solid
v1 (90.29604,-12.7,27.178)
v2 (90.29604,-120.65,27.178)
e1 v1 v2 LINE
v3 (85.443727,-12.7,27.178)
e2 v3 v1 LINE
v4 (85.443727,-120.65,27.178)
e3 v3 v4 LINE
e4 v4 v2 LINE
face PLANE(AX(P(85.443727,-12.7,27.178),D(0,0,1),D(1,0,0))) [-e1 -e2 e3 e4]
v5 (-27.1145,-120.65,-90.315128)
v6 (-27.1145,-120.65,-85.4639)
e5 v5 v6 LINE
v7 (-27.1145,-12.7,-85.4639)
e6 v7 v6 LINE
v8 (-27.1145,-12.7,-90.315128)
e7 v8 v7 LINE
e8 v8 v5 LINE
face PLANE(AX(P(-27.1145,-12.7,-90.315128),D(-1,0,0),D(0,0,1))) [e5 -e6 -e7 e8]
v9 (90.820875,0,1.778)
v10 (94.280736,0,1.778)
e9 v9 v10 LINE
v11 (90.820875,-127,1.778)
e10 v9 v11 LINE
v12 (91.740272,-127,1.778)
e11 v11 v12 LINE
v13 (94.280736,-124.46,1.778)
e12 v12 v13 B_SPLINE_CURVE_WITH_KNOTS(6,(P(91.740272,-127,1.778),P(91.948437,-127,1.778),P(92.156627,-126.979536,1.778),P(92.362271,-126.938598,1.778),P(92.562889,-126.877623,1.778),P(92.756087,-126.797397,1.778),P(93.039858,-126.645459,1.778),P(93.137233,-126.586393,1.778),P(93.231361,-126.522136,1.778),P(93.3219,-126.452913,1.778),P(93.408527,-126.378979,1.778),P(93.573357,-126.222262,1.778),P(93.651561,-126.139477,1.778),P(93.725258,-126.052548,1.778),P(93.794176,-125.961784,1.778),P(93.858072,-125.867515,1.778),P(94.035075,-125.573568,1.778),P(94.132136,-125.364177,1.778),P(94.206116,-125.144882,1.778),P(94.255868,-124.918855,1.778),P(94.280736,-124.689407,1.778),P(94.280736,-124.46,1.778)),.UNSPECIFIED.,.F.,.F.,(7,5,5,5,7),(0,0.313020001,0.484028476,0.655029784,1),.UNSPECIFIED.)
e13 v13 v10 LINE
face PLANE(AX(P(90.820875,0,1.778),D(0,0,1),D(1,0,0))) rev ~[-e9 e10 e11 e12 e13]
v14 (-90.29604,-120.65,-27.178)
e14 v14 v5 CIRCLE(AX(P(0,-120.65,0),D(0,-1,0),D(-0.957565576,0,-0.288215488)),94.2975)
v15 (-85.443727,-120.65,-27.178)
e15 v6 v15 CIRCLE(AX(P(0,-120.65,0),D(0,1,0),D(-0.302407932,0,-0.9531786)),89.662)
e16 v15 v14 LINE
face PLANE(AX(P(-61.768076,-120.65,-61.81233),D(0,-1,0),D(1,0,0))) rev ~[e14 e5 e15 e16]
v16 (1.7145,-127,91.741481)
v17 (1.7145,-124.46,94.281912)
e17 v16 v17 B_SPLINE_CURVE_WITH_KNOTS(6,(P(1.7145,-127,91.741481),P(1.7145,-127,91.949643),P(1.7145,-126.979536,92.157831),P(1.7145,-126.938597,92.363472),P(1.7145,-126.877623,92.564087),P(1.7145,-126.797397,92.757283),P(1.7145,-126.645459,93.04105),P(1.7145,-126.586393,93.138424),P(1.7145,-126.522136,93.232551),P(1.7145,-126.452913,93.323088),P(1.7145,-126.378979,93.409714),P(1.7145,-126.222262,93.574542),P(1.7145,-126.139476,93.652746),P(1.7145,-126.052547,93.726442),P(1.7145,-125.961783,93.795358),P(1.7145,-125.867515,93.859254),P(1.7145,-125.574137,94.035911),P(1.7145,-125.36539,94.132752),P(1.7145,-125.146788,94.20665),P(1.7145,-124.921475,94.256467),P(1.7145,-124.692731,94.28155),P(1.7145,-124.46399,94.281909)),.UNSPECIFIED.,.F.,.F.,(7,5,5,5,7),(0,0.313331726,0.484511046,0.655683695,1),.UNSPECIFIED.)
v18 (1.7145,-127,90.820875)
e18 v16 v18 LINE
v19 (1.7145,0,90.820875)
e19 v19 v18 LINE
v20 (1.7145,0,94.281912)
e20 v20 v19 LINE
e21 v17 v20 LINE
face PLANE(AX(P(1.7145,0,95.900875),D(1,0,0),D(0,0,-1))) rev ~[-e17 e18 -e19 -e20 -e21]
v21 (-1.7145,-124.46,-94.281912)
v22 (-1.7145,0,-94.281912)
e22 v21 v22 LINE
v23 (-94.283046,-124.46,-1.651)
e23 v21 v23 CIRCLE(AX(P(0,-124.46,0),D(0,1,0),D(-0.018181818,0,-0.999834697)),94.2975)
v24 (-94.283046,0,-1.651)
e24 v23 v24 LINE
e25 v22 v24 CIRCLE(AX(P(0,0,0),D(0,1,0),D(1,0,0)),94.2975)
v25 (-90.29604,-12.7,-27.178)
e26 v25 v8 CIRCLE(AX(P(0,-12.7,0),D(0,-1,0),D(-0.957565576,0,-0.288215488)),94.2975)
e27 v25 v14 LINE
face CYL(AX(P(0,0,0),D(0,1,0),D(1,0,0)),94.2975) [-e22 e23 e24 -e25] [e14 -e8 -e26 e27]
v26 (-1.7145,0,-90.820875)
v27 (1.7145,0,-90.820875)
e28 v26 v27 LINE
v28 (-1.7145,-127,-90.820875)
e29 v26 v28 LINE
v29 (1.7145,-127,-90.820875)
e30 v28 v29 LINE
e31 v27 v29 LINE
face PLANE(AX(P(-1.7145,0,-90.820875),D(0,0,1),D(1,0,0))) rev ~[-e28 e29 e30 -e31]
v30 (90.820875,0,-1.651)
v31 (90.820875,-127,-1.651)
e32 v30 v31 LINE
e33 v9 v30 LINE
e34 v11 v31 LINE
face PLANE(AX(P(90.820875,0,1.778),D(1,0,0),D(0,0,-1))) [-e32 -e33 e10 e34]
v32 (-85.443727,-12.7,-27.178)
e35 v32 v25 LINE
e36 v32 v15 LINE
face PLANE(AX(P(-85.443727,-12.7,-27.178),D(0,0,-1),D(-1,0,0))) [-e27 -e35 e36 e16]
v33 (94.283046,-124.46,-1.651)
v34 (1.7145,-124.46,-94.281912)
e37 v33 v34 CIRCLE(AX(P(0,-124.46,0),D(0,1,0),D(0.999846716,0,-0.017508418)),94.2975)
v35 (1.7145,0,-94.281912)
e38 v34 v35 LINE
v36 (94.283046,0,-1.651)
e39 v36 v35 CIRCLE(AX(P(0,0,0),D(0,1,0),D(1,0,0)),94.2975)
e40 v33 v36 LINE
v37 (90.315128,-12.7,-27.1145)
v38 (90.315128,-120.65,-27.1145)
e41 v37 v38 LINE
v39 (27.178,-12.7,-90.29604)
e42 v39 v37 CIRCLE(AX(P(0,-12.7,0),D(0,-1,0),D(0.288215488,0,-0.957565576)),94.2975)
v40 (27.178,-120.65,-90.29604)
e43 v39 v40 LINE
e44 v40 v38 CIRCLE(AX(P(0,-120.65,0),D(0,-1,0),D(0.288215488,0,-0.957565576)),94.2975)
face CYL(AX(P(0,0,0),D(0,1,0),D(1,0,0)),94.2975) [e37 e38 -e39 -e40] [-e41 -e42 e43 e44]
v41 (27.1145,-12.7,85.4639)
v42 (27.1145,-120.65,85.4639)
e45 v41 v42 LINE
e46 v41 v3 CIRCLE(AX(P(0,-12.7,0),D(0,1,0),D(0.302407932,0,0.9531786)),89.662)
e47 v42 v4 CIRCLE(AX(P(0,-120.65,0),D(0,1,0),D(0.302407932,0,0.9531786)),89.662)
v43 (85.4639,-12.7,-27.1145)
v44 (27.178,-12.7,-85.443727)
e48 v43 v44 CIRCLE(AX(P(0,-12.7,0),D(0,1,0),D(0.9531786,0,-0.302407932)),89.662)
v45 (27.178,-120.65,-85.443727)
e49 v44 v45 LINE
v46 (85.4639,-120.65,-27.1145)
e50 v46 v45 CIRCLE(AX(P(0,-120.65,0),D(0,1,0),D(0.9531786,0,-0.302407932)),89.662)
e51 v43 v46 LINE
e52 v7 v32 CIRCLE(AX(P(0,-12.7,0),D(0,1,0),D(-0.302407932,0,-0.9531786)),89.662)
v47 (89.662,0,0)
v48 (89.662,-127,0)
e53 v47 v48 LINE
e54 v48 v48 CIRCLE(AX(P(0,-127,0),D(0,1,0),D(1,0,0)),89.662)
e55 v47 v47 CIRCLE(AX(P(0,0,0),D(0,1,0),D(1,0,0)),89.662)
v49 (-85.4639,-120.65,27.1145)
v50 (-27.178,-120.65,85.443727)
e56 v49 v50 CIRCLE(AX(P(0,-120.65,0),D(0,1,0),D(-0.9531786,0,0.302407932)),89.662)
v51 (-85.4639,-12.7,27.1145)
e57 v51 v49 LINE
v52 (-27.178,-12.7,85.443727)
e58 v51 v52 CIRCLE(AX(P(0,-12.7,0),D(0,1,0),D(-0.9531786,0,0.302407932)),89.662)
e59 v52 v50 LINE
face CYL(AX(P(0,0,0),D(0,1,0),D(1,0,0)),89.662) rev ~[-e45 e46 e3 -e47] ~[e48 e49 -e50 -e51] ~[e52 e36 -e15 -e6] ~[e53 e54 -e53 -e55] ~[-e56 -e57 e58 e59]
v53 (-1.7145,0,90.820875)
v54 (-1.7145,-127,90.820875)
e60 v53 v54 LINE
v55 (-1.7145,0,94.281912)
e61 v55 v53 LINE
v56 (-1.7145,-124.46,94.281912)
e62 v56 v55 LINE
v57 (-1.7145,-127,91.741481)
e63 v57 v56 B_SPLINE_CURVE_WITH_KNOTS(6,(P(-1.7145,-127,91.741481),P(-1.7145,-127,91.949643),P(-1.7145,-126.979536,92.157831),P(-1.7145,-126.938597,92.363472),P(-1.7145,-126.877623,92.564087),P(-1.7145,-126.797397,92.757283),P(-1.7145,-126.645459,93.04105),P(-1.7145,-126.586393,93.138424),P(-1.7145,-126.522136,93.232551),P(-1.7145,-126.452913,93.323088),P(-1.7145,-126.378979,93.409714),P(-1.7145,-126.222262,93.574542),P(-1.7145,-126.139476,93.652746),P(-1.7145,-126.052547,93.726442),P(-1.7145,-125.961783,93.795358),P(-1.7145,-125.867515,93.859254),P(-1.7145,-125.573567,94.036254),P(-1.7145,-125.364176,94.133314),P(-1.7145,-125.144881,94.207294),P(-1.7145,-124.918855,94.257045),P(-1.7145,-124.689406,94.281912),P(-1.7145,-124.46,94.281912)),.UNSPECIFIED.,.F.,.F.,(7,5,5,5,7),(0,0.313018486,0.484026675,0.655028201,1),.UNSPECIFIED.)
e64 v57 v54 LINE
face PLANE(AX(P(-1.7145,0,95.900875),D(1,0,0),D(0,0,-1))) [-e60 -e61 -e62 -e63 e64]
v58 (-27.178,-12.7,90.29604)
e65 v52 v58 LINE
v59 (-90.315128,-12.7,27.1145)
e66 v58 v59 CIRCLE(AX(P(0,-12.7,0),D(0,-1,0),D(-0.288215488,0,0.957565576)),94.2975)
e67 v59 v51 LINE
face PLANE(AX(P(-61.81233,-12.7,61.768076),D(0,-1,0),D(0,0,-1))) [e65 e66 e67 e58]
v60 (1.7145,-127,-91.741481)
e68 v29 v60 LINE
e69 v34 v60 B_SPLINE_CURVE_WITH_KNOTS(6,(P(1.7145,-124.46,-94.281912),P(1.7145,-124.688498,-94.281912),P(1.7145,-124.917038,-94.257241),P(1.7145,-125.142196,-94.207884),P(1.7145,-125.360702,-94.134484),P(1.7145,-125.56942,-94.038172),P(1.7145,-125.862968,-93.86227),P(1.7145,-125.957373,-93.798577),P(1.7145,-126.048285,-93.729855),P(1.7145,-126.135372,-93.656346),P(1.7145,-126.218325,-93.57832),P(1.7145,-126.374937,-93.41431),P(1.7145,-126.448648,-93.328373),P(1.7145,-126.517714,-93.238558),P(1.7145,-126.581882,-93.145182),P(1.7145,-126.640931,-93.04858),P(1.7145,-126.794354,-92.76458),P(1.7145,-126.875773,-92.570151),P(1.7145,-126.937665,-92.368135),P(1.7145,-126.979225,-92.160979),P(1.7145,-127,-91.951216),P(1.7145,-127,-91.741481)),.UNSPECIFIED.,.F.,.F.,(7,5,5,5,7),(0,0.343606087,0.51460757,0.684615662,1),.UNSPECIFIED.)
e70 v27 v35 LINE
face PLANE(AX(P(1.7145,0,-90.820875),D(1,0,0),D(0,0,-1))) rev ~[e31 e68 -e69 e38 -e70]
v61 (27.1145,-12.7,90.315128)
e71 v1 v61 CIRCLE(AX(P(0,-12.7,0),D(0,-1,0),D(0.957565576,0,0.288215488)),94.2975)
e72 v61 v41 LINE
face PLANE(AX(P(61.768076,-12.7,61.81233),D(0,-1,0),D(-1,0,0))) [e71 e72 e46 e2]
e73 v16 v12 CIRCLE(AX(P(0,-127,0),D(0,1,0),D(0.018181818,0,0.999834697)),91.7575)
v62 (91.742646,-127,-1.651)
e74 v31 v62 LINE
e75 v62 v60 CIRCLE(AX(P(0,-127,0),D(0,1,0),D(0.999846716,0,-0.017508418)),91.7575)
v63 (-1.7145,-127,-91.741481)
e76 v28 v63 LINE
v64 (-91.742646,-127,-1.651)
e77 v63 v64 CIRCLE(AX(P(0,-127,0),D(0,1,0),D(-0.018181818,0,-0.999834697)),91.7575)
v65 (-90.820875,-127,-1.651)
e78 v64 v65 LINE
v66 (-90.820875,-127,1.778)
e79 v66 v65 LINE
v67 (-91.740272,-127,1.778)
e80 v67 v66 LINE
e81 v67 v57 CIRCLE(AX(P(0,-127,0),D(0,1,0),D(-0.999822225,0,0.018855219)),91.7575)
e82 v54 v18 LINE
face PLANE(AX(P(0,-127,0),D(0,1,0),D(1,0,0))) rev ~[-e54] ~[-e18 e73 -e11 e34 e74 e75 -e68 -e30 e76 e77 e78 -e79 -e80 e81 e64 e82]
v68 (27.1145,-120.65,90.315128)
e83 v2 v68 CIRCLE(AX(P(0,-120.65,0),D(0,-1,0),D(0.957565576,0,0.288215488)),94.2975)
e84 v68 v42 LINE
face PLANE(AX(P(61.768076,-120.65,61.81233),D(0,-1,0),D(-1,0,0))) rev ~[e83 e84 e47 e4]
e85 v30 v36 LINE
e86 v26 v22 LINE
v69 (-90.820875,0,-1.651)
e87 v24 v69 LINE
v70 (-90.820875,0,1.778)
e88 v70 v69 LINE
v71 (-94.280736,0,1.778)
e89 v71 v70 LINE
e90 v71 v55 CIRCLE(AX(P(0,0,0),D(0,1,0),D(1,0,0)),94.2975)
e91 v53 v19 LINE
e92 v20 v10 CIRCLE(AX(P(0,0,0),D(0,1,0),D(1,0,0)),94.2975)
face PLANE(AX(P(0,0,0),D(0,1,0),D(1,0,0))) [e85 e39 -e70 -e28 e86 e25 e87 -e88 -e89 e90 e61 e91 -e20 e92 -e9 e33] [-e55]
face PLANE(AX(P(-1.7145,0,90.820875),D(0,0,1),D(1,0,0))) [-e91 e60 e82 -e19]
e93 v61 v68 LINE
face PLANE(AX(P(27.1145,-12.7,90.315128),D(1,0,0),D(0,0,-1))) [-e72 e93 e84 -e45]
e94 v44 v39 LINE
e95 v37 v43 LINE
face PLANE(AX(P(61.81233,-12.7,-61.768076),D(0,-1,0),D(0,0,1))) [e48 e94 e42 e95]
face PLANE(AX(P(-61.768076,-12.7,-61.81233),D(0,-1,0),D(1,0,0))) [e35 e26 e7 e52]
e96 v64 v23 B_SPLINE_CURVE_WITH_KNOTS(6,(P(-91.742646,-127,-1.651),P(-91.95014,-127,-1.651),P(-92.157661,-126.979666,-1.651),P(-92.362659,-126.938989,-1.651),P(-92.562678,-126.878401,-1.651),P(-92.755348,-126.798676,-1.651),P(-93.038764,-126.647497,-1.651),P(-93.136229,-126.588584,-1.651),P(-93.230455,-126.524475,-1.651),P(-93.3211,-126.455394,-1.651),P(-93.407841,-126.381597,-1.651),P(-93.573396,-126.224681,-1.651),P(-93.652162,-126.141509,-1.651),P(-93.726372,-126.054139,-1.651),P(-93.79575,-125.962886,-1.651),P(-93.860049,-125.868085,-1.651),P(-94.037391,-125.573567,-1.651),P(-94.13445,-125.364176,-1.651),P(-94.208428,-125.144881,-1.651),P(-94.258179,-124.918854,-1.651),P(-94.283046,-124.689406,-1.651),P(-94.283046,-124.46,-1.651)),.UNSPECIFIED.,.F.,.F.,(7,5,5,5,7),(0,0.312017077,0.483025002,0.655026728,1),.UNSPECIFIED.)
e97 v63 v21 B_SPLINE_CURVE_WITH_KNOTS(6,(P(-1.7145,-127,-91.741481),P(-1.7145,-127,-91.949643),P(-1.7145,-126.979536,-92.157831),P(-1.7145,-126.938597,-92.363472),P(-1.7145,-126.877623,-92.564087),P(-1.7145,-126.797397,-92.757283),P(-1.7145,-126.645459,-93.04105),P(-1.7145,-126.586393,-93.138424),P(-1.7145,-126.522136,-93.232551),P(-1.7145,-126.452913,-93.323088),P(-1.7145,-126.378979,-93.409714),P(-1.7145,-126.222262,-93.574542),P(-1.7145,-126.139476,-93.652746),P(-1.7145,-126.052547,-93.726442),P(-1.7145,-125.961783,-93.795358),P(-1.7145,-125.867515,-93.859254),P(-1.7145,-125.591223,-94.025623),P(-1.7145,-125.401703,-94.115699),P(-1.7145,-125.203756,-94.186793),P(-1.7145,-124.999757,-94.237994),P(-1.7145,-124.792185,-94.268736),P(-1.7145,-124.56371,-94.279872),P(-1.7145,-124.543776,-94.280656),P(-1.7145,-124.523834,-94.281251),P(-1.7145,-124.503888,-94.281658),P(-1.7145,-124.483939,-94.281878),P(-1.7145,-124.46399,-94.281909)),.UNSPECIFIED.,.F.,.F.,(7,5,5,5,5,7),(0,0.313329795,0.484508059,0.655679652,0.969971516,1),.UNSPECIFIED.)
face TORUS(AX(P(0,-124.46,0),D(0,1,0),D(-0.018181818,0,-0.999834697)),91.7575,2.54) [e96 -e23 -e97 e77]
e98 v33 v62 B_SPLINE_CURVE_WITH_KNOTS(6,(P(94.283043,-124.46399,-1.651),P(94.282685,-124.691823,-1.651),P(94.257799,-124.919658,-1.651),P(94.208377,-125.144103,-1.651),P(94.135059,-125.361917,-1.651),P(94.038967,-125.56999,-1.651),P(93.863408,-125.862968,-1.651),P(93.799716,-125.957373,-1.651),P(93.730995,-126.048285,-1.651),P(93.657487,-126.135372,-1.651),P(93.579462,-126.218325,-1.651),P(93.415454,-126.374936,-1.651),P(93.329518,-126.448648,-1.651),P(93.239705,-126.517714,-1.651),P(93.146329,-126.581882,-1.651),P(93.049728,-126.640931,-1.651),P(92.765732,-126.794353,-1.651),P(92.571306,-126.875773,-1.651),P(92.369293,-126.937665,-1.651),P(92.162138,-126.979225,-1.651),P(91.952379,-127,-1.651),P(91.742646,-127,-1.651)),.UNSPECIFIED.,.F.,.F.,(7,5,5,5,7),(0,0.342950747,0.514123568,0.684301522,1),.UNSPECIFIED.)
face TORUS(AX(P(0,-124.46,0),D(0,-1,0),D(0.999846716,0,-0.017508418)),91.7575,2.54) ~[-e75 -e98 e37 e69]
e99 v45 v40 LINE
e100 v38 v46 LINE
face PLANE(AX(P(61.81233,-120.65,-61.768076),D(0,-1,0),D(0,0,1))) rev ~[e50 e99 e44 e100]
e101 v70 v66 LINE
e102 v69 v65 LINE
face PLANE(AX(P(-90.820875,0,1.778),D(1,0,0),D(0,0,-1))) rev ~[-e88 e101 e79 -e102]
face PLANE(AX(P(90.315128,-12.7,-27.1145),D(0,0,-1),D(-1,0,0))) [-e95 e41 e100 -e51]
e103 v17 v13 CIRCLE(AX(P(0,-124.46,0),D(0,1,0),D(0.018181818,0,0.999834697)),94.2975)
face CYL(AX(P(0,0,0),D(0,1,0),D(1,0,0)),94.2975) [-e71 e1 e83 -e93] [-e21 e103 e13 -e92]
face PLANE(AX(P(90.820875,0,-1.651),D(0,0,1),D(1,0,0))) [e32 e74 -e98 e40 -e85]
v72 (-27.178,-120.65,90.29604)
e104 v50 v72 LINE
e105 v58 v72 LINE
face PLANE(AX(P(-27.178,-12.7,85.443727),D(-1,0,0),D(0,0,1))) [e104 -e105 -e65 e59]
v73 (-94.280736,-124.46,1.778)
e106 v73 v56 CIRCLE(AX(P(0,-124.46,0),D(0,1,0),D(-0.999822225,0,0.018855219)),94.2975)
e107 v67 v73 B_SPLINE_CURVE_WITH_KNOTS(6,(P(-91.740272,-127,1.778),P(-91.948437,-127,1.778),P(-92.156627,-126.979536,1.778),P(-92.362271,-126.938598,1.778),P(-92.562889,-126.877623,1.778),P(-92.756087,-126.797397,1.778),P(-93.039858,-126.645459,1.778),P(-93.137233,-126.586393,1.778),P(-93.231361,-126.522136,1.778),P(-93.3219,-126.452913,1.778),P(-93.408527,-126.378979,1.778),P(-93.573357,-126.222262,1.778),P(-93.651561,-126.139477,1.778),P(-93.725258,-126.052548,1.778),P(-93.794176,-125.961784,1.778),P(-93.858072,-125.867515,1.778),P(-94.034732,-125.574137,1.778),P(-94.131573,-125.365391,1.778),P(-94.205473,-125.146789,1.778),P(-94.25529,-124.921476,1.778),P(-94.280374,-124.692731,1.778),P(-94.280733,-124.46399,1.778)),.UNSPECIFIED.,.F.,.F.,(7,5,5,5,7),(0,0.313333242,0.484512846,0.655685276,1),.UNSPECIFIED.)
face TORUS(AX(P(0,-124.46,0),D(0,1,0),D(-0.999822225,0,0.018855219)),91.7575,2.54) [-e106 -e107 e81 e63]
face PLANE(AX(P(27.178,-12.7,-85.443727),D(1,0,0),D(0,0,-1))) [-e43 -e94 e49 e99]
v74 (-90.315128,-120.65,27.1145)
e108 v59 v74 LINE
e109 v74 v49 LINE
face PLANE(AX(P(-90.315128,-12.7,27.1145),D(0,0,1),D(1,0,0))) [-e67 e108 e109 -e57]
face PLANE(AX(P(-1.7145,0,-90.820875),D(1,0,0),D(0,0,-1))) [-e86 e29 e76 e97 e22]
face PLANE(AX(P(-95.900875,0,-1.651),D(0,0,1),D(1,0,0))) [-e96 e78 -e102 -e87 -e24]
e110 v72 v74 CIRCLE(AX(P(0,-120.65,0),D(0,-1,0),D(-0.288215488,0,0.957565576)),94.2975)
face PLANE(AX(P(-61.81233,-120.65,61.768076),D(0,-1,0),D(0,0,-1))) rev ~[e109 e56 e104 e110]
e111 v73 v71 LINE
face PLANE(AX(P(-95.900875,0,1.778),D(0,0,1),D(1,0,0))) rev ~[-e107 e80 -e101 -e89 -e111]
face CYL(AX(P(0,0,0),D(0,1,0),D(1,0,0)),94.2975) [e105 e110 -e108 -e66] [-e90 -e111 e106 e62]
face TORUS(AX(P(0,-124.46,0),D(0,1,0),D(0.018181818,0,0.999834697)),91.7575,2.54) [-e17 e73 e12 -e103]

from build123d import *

# Parameters (mm, degrees)
SKETCH1_R           = 94.2975
SKETCH1_R_2         = 89.662
BOSS_EXTRUDE1_DEPTH = 127
SKETCH5_W           = 3.429
SKETCH5_H           = 5.08
SKETCH5_W_2         = 5.08
SKETCH5_H_2         = 3.429
CUT_EXTRUDE1_DEPTH  = 127
CUT_EXTRUDE2_START  = -12.7
CUT_EXTRUDE2_DEPTH  = 107.95
CIRPATTERN1_COUNT   = 4
FILLET1_R           = 2.54


with BuildPart() as part:
    # Sketch1 → Boss-Extrude1 (new body)
    with BuildSketch(Plane(origin=(0, 0, 0), x_dir=(1, 0, 0), z_dir=(0, 1, 0))):
        Circle(SKETCH1_R)
        Circle(SKETCH1_R_2, mode=Mode.SUBTRACT)
    extrude(amount=-BOSS_EXTRUDE1_DEPTH)

    # Sketch5 → Cut-Extrude1 (cut)
    with BuildSketch(Plane(origin=(0, 0, 0), x_dir=(1, 0, 0), z_dir=(0, 1, 0))):
        with Locations((0, 93.360875)):
            Rectangle(SKETCH5_W, SKETCH5_H)
        with Locations((0, -93.360875)):
            Rectangle(SKETCH5_W, SKETCH5_H)
        with Locations((-93.360875, -0.0635)):
            Rectangle(SKETCH5_W_2, SKETCH5_H_2)
        with Locations((93.360875, -0.0635)):
            Rectangle(SKETCH5_W_2, SKETCH5_H_2)
    extrude(amount=-CUT_EXTRUDE1_DEPTH, mode=Mode.SUBTRACT)

    # Sketch7 → Cut-Extrude2 (cut)
    with BuildSketch(Plane(origin=(0, 0, 0), x_dir=(1, 0, 0), z_dir=(0, 1, 0)).offset(CUT_EXTRUDE2_START)):
        with BuildLine():
            Line((85.443727447, -27.178), (90.296039903, -27.178))
            ThreePointArc((90.296039903, -27.178), (66.654954519, -66.701840637), (27.1145, -90.315128279))
            Line((27.1145, -90.315128279), (27.1145, -85.463899594))
            ThreePointArc((27.1145, -85.463899594), (63.377047615, -63.424160063), (85.443727447, -27.178))
        make_face()
    cut_extrude2 = extrude(amount=-CUT_EXTRUDE2_DEPTH, mode=Mode.SUBTRACT)

    # CirPattern1: Cut-Extrude2 ×4 about axis
    cirpattern1_axis = Axis((0, 0, 0), (0, 1, 0))
    for i in range(1, CIRPATTERN1_COUNT):
        add(cut_extrude2.rotate(cirpattern1_axis, i * 360 / CIRPATTERN1_COUNT), mode=Mode.SUBTRACT)

    # Fillet1
    fillet1_edges = [part.edges().sort_by_distance(p)[0] for p in [
        (66.700852134, -127, -66.655943702),
        (-66.700852134, -127, -66.655943702),
        (-66.655943427, -127, 66.700852409),
        (66.655943427, -127, 66.700852409),
    ]]
    fillet(fillet1_edges, radius=FILLET1_R)


solid = part.part
